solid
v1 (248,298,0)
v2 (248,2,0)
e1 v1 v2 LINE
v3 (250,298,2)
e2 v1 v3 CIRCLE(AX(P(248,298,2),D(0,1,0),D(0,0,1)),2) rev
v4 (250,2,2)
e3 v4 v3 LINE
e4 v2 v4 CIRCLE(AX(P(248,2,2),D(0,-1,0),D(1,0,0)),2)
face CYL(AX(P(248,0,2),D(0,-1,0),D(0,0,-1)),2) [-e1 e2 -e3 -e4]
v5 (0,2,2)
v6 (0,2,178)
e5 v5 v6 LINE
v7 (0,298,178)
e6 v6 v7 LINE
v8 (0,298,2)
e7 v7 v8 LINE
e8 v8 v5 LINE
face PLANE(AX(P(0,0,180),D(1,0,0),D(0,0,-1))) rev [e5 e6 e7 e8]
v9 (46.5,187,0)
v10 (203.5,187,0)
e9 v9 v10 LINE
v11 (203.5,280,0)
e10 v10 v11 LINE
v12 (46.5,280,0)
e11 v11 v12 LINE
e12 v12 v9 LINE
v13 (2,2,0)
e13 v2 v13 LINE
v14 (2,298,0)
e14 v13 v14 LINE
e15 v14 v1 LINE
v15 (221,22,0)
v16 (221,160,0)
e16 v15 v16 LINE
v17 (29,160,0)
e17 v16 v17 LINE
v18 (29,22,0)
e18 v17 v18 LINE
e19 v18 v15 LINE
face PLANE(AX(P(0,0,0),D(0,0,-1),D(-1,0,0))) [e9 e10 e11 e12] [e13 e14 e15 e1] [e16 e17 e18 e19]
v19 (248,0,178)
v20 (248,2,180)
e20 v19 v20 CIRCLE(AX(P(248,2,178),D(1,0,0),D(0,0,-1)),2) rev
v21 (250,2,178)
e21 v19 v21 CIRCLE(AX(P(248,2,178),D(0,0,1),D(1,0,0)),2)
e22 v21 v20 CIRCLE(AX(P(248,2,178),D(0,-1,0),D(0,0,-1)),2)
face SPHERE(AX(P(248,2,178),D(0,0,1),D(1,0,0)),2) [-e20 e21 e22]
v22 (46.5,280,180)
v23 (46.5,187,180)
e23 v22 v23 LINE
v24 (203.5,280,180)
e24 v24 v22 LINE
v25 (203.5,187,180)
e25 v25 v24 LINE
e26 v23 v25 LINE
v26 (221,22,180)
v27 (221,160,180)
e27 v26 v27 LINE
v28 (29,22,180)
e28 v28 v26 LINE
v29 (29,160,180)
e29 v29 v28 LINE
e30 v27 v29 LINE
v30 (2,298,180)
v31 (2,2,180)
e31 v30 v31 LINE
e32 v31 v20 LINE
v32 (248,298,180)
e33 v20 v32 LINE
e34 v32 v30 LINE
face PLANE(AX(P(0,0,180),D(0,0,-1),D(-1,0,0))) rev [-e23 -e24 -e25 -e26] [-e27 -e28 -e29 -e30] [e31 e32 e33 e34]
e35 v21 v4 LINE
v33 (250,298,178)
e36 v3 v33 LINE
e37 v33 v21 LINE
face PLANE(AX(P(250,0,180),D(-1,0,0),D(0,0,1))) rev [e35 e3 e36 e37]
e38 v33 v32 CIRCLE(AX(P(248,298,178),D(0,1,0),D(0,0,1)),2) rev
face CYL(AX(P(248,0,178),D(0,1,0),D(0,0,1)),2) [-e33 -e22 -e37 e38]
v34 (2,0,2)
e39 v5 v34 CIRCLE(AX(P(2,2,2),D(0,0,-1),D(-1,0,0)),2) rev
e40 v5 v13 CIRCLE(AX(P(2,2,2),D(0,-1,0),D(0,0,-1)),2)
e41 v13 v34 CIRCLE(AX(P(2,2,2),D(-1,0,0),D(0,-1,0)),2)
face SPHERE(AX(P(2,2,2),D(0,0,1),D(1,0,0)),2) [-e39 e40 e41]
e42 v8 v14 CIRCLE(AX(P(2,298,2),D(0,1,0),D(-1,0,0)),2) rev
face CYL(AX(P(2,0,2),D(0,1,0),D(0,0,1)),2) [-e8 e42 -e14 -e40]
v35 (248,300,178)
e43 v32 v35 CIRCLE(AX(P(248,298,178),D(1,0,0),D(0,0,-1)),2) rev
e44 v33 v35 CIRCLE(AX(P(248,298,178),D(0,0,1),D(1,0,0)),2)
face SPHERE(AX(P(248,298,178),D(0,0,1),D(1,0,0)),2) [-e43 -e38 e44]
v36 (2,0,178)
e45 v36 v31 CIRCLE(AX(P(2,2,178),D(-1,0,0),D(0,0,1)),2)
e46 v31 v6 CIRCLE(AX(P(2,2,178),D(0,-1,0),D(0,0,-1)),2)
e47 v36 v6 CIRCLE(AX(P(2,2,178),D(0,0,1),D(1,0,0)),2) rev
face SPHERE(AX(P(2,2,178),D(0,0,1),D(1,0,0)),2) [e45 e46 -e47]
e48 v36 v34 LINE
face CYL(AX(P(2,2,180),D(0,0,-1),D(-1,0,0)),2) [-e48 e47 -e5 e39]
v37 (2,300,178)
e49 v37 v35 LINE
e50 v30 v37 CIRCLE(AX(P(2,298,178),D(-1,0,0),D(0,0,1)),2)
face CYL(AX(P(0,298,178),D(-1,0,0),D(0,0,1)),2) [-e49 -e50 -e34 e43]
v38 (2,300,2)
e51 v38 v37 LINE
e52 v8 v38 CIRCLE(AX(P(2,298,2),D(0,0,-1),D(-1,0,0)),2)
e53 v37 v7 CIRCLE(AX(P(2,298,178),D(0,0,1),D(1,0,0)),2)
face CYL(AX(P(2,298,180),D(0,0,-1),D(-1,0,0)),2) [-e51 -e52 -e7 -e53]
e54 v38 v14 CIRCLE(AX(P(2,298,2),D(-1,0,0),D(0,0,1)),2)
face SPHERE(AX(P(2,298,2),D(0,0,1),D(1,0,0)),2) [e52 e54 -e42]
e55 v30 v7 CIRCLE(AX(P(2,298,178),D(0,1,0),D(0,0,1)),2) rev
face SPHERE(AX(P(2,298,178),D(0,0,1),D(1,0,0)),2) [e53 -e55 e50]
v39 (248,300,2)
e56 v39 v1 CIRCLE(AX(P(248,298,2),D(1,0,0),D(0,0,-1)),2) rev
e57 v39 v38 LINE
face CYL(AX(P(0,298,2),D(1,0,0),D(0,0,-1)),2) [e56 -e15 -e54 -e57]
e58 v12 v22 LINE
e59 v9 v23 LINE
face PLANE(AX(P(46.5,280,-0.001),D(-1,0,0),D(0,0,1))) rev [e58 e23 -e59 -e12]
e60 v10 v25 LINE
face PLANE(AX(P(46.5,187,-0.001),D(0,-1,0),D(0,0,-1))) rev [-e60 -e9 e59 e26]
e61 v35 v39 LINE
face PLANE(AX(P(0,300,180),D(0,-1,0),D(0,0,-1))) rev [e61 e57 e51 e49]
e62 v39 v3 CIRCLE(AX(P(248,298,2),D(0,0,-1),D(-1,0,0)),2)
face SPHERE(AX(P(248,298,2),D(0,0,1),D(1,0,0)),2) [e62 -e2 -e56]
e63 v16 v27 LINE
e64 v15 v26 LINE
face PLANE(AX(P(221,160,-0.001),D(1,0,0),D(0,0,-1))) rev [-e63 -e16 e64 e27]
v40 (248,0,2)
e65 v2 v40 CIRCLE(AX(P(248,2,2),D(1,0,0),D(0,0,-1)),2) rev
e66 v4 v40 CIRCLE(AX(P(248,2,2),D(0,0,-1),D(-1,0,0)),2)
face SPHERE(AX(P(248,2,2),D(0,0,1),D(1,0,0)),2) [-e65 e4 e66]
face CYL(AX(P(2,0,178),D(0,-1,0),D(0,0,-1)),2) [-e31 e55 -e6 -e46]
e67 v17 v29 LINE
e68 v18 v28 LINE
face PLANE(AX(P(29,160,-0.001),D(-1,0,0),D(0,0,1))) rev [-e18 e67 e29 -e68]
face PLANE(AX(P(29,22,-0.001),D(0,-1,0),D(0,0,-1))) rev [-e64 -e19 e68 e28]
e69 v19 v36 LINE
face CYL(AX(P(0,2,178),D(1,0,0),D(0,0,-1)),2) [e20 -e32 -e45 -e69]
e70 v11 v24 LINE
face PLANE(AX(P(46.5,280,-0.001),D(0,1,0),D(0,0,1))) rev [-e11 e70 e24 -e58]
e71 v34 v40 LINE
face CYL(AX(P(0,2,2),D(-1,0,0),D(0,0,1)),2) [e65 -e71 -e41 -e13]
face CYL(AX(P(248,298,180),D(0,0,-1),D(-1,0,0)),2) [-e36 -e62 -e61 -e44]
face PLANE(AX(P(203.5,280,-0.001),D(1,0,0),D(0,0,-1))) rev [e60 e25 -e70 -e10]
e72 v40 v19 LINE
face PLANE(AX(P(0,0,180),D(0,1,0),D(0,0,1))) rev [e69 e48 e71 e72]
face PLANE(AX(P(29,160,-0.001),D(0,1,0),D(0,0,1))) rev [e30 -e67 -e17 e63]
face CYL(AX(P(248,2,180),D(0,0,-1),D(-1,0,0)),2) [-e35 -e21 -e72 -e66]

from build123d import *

# Parameters (mm, degrees)
SKETCH_1_W          = 250
SKETCH_1_H          = 300
EXTRUDE_1_DEPTH     = 180
FILLET_1_R          = 2
CUT_EXTRUDE_1_REACH = 432
SKETCH_2_W          = 157
SKETCH_2_H          = 93
SKETCH_2_W_2        = 192
SKETCH_2_H_2        = 138


with BuildPart() as part:
    # 草图1 → 凸台-拉伸1 (new body)
    with BuildSketch(Plane.XY):
        with Locations((125, 150)):
            Rectangle(SKETCH_1_W, SKETCH_1_H)
    extrude(amount=EXTRUDE_1_DEPTH)

    # 圆角1
    fillet_1_edges = [part.edges().sort_by_distance(p)[0] for p in [
        (250, 150, 180),
        (125, 300, 180),
        (0, 150, 180),
        (125, 300, 0),
        (250, 150, 0),
        (125, 0, 0),
        (0, 150, 0),
        (125, 0, 180),
        (0, 300, 90),
        (250, 300, 90),
        (250, 0, 90),
        (0, 0, 90),
    ]]
    fillet(fillet_1_edges, radius=FILLET_1_R)

    # 草图2 → 切除-拉伸1 (cut, up to next)
    with BuildSketch(Plane.XY.offset(180), mode=Mode.PRIVATE) as cut_extrude_1_sk1:
        with Locations((125, 233.5)):
            Rectangle(SKETCH_2_W, SKETCH_2_H)
    cut_extrude_1_tool1 = extrude(cut_extrude_1_sk1.sketch, amount=-CUT_EXTRUDE_1_REACH, mode=Mode.PRIVATE) & part.part
    # 草图2 → 切除-拉伸1 (cut, up to next)
    with BuildSketch(Plane.XY.offset(180), mode=Mode.PRIVATE) as cut_extrude_1_sk2:
        with Locations((125, 91)):
            Rectangle(SKETCH_2_W_2, SKETCH_2_H_2)
    cut_extrude_1_tool2 = extrude(cut_extrude_1_sk2.sketch, amount=-CUT_EXTRUDE_1_REACH, mode=Mode.PRIVATE) & part.part
    add(cut_extrude_1_tool1.solids().sort_by_distance((125, 233.5, 180))[0], mode=Mode.SUBTRACT)
    add(cut_extrude_1_tool2.solids().sort_by_distance((125, 91, 180))[0], mode=Mode.SUBTRACT)


solid = part.part
